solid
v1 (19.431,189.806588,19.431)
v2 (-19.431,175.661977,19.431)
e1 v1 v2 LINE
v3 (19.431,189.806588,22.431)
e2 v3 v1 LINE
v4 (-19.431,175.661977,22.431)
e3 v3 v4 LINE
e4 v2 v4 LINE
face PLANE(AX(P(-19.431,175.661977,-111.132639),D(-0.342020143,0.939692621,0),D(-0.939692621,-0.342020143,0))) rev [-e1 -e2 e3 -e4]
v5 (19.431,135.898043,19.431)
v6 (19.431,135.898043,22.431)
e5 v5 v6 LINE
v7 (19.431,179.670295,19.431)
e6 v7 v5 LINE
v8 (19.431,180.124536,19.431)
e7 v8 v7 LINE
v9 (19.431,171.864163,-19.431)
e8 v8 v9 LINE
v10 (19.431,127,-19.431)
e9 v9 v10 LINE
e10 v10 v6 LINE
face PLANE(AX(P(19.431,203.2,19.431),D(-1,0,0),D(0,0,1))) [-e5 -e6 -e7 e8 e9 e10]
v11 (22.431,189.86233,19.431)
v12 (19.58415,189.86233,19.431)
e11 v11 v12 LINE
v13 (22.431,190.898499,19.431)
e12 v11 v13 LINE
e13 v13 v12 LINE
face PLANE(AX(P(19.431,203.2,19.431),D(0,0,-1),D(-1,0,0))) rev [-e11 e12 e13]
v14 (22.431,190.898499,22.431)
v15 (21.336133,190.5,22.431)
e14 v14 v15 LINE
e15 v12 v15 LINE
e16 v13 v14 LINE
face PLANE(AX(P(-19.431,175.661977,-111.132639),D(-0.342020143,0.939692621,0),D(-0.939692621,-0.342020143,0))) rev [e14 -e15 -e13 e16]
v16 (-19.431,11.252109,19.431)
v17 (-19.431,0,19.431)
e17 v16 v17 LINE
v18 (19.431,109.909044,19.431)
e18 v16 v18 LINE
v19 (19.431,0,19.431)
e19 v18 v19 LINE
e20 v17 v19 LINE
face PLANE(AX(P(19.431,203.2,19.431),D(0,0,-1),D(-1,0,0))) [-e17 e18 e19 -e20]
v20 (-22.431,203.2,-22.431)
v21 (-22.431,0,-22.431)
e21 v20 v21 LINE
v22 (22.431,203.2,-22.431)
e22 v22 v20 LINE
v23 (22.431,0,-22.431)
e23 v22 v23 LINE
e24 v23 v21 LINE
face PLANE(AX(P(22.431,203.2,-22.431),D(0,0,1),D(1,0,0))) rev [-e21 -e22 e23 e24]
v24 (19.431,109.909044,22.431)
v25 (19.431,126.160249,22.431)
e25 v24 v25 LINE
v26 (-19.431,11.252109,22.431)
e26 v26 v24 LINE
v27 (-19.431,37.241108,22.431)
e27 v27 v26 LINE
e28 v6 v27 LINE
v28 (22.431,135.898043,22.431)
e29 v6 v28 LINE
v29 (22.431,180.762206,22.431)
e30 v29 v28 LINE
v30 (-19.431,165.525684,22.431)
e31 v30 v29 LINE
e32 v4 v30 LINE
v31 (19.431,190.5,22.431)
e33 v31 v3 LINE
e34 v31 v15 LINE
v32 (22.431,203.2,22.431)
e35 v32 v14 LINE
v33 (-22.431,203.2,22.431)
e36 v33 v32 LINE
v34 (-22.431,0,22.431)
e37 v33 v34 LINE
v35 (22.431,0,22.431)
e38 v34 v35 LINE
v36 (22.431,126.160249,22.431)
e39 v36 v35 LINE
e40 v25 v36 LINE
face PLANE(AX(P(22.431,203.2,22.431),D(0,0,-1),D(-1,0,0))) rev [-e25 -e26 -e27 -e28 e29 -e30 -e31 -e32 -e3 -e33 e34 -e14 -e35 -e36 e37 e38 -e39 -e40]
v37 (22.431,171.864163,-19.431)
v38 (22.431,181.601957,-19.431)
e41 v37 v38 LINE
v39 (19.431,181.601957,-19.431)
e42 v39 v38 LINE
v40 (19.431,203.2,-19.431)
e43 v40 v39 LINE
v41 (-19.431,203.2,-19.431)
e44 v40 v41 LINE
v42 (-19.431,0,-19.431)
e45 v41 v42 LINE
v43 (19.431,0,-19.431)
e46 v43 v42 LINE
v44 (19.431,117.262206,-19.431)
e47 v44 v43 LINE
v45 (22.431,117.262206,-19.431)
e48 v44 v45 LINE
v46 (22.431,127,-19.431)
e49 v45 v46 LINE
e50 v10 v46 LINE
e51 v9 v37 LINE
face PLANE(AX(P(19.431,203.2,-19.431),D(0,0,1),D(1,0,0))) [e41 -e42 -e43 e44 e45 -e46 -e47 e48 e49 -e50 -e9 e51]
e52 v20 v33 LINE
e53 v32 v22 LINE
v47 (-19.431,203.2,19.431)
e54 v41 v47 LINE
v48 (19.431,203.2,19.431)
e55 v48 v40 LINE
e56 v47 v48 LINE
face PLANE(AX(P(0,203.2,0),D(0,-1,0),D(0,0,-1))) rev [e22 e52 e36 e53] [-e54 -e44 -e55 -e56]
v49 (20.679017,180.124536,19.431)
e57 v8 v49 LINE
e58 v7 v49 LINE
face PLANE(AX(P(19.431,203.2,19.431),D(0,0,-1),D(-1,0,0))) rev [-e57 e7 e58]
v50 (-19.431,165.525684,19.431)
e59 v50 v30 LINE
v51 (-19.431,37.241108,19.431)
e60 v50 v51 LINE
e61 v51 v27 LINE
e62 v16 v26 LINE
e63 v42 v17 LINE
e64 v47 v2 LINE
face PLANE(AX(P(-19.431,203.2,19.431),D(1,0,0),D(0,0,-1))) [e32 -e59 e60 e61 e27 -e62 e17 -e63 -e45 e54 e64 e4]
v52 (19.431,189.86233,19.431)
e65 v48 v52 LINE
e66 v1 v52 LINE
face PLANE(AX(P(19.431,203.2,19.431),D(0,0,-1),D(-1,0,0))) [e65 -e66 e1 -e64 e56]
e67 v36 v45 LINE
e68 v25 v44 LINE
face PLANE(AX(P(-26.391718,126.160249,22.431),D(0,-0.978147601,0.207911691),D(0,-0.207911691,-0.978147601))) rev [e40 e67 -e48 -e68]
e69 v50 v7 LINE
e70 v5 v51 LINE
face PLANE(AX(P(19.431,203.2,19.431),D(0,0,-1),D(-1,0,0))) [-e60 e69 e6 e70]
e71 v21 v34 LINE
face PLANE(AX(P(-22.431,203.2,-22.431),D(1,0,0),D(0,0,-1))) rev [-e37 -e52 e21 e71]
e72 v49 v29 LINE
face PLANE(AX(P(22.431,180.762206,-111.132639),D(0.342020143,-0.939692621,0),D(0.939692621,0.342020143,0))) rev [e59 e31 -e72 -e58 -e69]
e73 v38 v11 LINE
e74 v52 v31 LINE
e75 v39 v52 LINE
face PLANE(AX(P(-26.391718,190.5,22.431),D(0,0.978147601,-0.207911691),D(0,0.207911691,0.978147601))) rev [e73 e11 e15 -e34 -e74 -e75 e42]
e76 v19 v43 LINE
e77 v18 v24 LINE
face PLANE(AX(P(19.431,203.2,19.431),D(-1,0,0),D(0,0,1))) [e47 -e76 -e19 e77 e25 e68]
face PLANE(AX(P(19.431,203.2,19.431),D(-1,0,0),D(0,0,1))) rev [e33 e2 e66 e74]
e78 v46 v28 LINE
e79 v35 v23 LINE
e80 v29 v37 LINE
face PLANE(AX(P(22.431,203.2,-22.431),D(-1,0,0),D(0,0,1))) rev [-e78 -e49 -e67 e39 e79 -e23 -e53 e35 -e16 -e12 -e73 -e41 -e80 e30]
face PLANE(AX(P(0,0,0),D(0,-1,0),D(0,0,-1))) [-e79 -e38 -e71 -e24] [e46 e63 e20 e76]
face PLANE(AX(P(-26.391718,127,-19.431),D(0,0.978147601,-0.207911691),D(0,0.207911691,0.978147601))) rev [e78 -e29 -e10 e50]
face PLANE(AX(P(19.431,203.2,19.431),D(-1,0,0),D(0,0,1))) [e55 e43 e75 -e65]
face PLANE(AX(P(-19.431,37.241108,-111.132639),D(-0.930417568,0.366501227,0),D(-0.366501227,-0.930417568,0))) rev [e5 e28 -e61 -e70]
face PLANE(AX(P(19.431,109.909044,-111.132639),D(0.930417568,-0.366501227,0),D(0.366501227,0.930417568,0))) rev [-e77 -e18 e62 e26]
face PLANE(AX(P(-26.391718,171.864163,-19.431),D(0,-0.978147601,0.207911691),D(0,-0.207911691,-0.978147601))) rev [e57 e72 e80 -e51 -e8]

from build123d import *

# Parameters (mm, degrees)
SKETCH1_W           = 44.862
SKETCH1_H           = 44.862
SKETCH1_W_2         = 38.862
SKETCH1_H_2         = 38.862
BOSS_EXTRUDE1_DEPTH = 203.2
X_FACE_CUT_DEPTH    = 3
Y_FACE_DEPTH        = 3


with BuildPart() as part:
    # Sketch1 → Boss-Extrude1 (new body)
    with BuildSketch(Plane(origin=(0, 0, 0), x_dir=(1, 0, 0), z_dir=(0, 1, 0))):
        Rectangle(SKETCH1_W, SKETCH1_H)
        Rectangle(SKETCH1_W_2, SKETCH1_H_2, mode=Mode.SUBTRACT)
    extrude(amount=BOSS_EXTRUDE1_DEPTH)

    # Sketch3 → X Face Cut (cut)
    with BuildSketch(Plane(origin=(22.431, 0, 0), x_dir=(0, 0, -1), z_dir=(1, 0, 0))):
        Polygon((-22.431, 190.5), (19.431, 181.601957215), (19.431, 171.864163049), (-22.431, 180.762205834), align=None)
        Polygon((-22.431, 126.160248619), (19.431, 117.262205834), (19.431, 127), (-22.431, 135.898042785), align=None)
    extrude(amount=-X_FACE_CUT_DEPTH, mode=Mode.SUBTRACT)

    # Sketch4 → Y Face (cut)
    with BuildSketch(Plane.XY.offset(22.431)):
        Polygon((22.431, 180.762205834), (-19.431, 165.525683887), (-19.431, 175.66197717), (22.431, 190.898499117), align=None)
        Polygon((19.431, 109.909043825), (-19.431, 11.252109304), (-19.431, 37.241108263), (19.431, 135.898042785), align=None)
    extrude(amount=-Y_FACE_DEPTH, mode=Mode.SUBTRACT)


solid = part.part
